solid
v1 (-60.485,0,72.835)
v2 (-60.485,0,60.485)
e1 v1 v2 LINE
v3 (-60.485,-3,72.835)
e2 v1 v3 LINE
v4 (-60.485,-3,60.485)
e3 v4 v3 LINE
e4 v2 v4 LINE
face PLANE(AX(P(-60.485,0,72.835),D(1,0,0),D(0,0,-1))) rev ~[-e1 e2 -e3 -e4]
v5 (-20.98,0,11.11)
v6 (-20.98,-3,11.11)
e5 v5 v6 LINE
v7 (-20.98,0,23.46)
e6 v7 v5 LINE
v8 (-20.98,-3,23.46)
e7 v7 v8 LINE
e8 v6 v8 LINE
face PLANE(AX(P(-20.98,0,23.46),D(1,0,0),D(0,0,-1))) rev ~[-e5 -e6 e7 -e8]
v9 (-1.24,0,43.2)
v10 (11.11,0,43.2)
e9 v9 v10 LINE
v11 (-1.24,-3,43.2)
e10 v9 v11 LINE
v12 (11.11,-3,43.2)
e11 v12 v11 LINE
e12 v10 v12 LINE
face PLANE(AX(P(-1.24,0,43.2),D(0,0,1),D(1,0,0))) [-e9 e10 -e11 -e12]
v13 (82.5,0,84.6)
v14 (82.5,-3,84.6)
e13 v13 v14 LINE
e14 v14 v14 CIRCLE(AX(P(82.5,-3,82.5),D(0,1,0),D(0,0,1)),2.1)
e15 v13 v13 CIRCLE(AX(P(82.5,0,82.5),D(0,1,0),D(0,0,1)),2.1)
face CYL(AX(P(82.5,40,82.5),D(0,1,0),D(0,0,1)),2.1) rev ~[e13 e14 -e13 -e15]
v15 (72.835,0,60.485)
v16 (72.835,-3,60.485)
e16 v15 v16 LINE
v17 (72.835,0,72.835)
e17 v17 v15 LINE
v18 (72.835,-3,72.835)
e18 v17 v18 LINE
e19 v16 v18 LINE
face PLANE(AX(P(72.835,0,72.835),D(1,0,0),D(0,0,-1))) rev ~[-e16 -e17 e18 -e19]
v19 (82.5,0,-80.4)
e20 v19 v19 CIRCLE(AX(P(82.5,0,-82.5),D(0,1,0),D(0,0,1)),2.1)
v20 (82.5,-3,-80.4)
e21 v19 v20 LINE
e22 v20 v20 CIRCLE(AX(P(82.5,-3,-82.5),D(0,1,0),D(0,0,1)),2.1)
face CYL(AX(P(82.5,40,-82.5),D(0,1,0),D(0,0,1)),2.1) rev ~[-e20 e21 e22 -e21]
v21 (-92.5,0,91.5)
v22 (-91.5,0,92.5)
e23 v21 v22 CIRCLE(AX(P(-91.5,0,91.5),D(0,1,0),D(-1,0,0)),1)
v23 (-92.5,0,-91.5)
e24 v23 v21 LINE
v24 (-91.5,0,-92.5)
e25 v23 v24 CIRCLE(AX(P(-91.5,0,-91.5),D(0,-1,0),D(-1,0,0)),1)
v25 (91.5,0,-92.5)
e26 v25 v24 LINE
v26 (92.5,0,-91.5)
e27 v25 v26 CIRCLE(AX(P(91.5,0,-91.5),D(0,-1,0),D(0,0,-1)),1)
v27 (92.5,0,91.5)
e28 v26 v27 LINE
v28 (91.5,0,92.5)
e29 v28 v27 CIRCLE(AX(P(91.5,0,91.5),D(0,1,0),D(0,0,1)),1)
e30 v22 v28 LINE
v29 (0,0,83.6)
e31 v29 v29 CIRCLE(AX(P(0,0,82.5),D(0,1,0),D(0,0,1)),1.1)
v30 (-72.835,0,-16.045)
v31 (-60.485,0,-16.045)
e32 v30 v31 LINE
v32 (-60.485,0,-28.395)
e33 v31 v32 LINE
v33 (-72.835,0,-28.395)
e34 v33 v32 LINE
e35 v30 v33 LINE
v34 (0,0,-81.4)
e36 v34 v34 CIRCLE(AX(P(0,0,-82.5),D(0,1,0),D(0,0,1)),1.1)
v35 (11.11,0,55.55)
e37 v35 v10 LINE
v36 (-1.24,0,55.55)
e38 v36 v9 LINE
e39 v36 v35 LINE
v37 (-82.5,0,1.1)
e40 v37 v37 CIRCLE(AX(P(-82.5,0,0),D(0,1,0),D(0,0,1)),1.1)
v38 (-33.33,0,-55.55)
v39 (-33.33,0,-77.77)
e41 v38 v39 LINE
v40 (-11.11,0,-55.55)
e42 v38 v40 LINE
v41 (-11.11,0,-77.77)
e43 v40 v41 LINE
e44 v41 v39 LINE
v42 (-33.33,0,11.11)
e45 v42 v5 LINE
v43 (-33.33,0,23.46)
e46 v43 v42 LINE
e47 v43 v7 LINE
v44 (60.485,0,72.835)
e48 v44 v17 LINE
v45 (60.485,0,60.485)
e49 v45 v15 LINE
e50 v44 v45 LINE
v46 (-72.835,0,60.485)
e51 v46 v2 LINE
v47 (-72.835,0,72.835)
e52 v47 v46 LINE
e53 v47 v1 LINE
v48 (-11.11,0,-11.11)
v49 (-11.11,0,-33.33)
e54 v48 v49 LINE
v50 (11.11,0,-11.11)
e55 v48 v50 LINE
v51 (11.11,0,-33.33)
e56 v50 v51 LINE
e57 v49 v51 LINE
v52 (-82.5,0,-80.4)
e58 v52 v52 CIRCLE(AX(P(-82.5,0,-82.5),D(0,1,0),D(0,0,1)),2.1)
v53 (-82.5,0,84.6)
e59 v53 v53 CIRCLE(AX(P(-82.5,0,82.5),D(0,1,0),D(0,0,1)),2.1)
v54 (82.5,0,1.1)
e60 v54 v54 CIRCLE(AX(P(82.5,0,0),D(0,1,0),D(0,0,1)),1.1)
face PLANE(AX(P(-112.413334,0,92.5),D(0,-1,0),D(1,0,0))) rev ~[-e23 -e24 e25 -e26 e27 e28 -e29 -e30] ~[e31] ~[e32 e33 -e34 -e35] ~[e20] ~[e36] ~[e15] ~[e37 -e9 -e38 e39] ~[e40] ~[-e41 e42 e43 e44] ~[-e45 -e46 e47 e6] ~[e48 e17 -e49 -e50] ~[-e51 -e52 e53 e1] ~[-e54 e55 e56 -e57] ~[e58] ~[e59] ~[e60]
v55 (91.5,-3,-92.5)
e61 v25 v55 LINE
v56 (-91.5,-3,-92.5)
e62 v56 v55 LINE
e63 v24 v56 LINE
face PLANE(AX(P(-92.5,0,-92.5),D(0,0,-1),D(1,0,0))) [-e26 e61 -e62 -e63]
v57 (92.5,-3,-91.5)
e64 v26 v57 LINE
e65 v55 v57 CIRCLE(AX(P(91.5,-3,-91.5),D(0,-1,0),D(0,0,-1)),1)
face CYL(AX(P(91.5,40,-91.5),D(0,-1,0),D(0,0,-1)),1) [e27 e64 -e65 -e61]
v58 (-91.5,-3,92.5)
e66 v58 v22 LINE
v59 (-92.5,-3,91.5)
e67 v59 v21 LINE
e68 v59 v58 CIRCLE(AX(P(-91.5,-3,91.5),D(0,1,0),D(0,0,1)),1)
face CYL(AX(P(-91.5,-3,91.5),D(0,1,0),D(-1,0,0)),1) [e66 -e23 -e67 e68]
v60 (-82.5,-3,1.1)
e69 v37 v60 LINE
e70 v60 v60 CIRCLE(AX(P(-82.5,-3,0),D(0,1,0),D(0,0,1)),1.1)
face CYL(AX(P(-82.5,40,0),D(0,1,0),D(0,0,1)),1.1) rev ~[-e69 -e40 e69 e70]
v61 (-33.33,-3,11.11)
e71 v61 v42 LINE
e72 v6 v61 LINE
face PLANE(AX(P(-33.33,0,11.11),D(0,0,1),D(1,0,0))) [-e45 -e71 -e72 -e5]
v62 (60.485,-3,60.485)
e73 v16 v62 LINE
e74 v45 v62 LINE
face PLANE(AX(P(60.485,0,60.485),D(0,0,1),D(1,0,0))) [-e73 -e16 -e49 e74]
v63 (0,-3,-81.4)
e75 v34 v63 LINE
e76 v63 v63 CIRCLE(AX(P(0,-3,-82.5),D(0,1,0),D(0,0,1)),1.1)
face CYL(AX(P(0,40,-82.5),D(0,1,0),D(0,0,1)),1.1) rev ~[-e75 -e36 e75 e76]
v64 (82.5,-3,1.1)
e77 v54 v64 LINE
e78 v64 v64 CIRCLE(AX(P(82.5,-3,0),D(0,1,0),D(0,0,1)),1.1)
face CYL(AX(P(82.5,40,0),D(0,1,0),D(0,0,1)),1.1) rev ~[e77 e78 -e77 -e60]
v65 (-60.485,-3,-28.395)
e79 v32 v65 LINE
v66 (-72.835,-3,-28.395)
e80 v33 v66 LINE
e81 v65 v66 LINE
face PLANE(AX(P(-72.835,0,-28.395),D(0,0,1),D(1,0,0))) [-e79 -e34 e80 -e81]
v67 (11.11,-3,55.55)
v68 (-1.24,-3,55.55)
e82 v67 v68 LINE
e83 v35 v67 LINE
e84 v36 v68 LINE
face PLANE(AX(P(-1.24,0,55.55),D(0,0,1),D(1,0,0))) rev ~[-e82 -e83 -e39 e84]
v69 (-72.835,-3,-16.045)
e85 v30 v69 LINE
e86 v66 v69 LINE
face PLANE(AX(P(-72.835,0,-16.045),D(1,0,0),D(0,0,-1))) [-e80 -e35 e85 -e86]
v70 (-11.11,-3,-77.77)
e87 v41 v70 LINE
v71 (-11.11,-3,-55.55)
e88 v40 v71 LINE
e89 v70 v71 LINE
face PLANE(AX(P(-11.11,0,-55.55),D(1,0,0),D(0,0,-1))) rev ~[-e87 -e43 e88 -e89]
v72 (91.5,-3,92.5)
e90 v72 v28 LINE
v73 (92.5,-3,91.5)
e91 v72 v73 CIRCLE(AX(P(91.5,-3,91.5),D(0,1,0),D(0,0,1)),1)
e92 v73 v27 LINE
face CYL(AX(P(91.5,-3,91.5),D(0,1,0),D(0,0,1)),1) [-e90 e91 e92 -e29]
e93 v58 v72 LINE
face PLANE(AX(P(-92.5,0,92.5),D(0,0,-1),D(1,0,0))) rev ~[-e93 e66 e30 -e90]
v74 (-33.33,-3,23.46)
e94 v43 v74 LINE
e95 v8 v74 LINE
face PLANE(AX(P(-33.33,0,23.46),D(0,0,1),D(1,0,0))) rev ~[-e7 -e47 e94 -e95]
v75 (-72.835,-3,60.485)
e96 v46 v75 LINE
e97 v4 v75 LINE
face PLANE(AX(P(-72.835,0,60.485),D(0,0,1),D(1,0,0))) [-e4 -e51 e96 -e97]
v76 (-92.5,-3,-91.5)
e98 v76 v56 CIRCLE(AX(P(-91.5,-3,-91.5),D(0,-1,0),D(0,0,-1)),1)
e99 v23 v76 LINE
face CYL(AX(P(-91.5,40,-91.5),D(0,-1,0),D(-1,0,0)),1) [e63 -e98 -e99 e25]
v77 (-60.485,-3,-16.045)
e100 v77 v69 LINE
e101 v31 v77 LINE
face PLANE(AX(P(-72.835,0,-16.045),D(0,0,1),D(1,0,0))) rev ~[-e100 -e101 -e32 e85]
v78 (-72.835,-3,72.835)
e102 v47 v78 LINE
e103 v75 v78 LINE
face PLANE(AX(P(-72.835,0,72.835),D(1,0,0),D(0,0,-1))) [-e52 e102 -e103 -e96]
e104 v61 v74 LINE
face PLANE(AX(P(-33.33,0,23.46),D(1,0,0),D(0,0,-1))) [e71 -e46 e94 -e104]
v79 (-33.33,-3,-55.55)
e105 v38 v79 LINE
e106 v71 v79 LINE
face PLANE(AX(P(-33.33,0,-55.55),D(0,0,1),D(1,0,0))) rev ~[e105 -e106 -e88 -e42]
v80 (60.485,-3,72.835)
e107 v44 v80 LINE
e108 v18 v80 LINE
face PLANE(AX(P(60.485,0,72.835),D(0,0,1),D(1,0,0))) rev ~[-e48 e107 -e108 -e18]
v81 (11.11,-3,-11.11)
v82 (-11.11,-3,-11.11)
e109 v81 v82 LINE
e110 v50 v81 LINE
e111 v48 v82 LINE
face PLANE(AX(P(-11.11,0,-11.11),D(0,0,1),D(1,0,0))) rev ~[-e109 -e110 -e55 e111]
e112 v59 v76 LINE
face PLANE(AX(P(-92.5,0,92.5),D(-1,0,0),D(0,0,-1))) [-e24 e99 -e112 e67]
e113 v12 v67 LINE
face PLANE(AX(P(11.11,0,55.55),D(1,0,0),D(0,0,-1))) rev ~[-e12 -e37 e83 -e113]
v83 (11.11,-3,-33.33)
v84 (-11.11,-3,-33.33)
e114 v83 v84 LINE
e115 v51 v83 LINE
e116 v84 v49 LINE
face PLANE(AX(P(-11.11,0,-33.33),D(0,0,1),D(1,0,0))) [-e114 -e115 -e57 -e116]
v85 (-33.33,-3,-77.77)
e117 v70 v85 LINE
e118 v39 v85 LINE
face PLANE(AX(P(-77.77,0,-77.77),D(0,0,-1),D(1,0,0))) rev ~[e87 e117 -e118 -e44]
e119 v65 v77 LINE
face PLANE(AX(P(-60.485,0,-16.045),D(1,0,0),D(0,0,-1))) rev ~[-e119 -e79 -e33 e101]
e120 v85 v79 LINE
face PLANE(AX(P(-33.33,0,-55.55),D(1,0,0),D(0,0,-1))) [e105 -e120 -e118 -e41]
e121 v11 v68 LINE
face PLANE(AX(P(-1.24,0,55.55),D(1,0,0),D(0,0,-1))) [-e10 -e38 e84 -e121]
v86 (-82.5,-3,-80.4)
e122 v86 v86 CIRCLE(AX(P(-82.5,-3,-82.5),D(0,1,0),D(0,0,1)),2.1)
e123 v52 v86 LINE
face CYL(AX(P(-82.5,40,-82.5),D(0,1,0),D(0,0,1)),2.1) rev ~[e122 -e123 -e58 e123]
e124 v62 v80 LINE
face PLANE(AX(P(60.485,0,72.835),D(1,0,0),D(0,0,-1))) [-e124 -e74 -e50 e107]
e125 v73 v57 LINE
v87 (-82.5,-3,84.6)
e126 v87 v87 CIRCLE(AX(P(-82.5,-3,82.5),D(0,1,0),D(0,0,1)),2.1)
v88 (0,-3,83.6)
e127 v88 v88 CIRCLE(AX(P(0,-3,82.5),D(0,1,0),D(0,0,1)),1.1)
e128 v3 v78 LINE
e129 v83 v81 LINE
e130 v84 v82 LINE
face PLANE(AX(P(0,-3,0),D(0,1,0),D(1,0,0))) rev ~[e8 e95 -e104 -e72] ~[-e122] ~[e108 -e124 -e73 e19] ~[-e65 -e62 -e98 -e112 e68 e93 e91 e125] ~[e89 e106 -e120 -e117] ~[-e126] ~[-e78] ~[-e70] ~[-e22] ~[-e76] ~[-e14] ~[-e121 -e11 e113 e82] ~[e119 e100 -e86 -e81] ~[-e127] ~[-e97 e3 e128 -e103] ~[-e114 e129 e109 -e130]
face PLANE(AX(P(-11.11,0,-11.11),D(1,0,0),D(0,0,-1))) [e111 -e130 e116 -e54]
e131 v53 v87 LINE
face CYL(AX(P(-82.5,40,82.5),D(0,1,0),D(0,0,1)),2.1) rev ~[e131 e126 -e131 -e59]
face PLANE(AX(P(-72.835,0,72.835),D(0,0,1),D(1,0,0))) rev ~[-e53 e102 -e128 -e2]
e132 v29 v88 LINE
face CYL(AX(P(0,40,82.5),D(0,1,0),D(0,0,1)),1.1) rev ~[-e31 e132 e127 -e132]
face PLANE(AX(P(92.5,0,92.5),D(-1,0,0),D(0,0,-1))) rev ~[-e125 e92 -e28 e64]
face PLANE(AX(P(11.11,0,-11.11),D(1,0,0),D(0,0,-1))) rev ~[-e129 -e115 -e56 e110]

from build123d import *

# Parameters (mm, degrees)
ESQUISSE2_W             = 185
ESQUISSE2_H             = 185
BOSS_EXTRU_1_DEPTH      = 3
ESQUISSE3_W             = 185
ESQUISSE3_H             = 185
ESQUISSE3_W_2           = 155.54
ESQUISSE3_H_2           = 155.54
BOSS_EXTRU_2_DEPTH      = 40
BOSS_EXTRU_3_DEPTH      = 20
ENL_V_MAT_EXTRU_1_REACH = 5
ESQUISSE5_W             = 22.22
ESQUISSE5_H             = 22.22
ESQUISSE5_W_2           = 12.35
ESQUISSE5_H_2           = 12.35
CONG_1_R                = 1
ESQUISSE6_R             = 1.1
ENL_V_MAT_EXTRU_2_DEPTH = 44
ESQUISSE7_R             = 2.1
ENL_V_MAT_EXTRU_3_DEPTH = 44
ESQUISSE8_W             = 226.485362767
ESQUISSE8_H             = 93.740227698
ENL_V_MAT_EXTRU_4_DEPTH = 186


with BuildPart() as part:
    # Esquisse2 → Boss.-Extru.1 (new body)
    with BuildSketch(Plane(origin=(0, 0, 0), x_dir=(1, 0, 0), z_dir=(0, 1, 0))):
        Rectangle(ESQUISSE2_W, ESQUISSE2_H)
    extrude(amount=-BOSS_EXTRU_1_DEPTH)

    # Esquisse3 → Boss.-Extru.2 (add)
    with BuildSketch(Plane(origin=(0, 0, 0), x_dir=(1, 0, 0), z_dir=(0, 1, 0))):
        Rectangle(ESQUISSE3_W, ESQUISSE3_H)
        Rectangle(ESQUISSE3_W_2, ESQUISSE3_H_2, mode=Mode.SUBTRACT)
    extrude(amount=BOSS_EXTRU_2_DEPTH)

    # Esquisse4 → Boss.-Extru.3 (add)
    with BuildSketch(Plane(origin=(0, 0, 0), x_dir=(1, 0, 0), z_dir=(0, 1, 0))):
        Polygon((-55.55, 77.77), (-33.33, 77.77), (-33.33, 55.55), (11.11, 55.55), (11.11, 33.33), (-11.11, 33.33), (-11.11, -11.11), (-33.33, -11.11), (-33.33, -55.55), (-55.55, -55.55), (-55.55, 11.11), (-33.33, 11.11), (-33.33, 33.33), (-55.55, 33.33), align=None)
        Polygon((33.33, 55.55), (55.55, 55.55), (55.55, -55.55), (33.33, -55.55), (33.33, -77.77), (11.11, -77.77), (11.11, -33.33), (33.33, -33.33), align=None)
    extrude(amount=BOSS_EXTRU_3_DEPTH)

    # Esquisse5 → Enlèv. mat.-Extru.1 (cut, up to next)
    with BuildSketch(Plane(origin=(0, 0, 0), x_dir=(1, 0, 0), z_dir=(0, 1, 0)), mode=Mode.PRIVATE) as enl_v_mat_extru_1_sk1:
        with Locations((-22.22, 66.66)):
            Rectangle(ESQUISSE5_W, ESQUISSE5_H)
    enl_v_mat_extru_1_tool1 = extrude(enl_v_mat_extru_1_sk1.sketch, amount=-ENL_V_MAT_EXTRU_1_REACH, mode=Mode.PRIVATE) & part.part
    add(enl_v_mat_extru_1_tool1.solids().sort_by_distance((-22.22, 0, -66.66))[0], mode=Mode.SUBTRACT)
    # Esquisse5 → Enlèv. mat.-Extru.1 (cut, up to next)
    with BuildSketch(Plane(origin=(0, 0, 0), x_dir=(1, 0, 0), z_dir=(0, 1, 0)), mode=Mode.PRIVATE) as enl_v_mat_extru_1_sk2:
        with Locations((0, 22.22)):
            Rectangle(ESQUISSE5_W, ESQUISSE5_H)
    enl_v_mat_extru_1_tool2 = extrude(enl_v_mat_extru_1_sk2.sketch, amount=-ENL_V_MAT_EXTRU_1_REACH, mode=Mode.PRIVATE) & part.part
    add(enl_v_mat_extru_1_tool2.solids().sort_by_distance((0, 0, -22.22))[0], mode=Mode.SUBTRACT)
    # Esquisse5 → Enlèv. mat.-Extru.1 (cut, up to next)
    with BuildSketch(Plane(origin=(0, 0, 0), x_dir=(1, 0, 0), z_dir=(0, 1, 0)), mode=Mode.PRIVATE) as enl_v_mat_extru_1_sk3:
        with Locations((-27.155, -17.285)):
            Rectangle(ESQUISSE5_W_2, ESQUISSE5_H_2)
    enl_v_mat_extru_1_tool3 = extrude(enl_v_mat_extru_1_sk3.sketch, amount=-ENL_V_MAT_EXTRU_1_REACH, mode=Mode.PRIVATE) & part.part
    add(enl_v_mat_extru_1_tool3.solids().sort_by_distance((-27.155, 0, 17.285))[0], mode=Mode.SUBTRACT)
    # Esquisse5 → Enlèv. mat.-Extru.1 (cut, up to next)
    with BuildSketch(Plane(origin=(0, 0, 0), x_dir=(1, 0, 0), z_dir=(0, 1, 0)), mode=Mode.PRIVATE) as enl_v_mat_extru_1_sk4:
        with Locations((-66.66, 22.22)):
            Rectangle(ESQUISSE5_W_2, ESQUISSE5_H_2)
    enl_v_mat_extru_1_tool4 = extrude(enl_v_mat_extru_1_sk4.sketch, amount=-ENL_V_MAT_EXTRU_1_REACH, mode=Mode.PRIVATE) & part.part
    add(enl_v_mat_extru_1_tool4.solids().sort_by_distance((-66.66, 0, -22.22))[0], mode=Mode.SUBTRACT)
    # Esquisse5 → Enlèv. mat.-Extru.1 (cut, up to next)
    with BuildSketch(Plane(origin=(0, 0, 0), x_dir=(1, 0, 0), z_dir=(0, 1, 0)), mode=Mode.PRIVATE) as enl_v_mat_extru_1_sk5:
        with Locations((-66.66, -66.66)):
            Rectangle(ESQUISSE5_W_2, ESQUISSE5_H_2)
    enl_v_mat_extru_1_tool5 = extrude(enl_v_mat_extru_1_sk5.sketch, amount=-ENL_V_MAT_EXTRU_1_REACH, mode=Mode.PRIVATE) & part.part
    add(enl_v_mat_extru_1_tool5.solids().sort_by_distance((-66.66, 0, 66.66))[0], mode=Mode.SUBTRACT)
    # Esquisse5 → Enlèv. mat.-Extru.1 (cut, up to next)
    with BuildSketch(Plane(origin=(0, 0, 0), x_dir=(1, 0, 0), z_dir=(0, 1, 0)), mode=Mode.PRIVATE) as enl_v_mat_extru_1_sk6:
        with Locations((66.66, -66.66)):
            Rectangle(ESQUISSE5_W_2, ESQUISSE5_H_2)
    enl_v_mat_extru_1_tool6 = extrude(enl_v_mat_extru_1_sk6.sketch, amount=-ENL_V_MAT_EXTRU_1_REACH, mode=Mode.PRIVATE) & part.part
    add(enl_v_mat_extru_1_tool6.solids().sort_by_distance((66.66, 0, 66.66))[0], mode=Mode.SUBTRACT)
    # Esquisse5 → Enlèv. mat.-Extru.1 (cut, up to next)
    with BuildSketch(Plane(origin=(0, 0, 0), x_dir=(1, 0, 0), z_dir=(0, 1, 0)), mode=Mode.PRIVATE) as enl_v_mat_extru_1_sk7:
        with Locations((4.935, -49.375)):
            Rectangle(ESQUISSE5_W_2, ESQUISSE5_H_2)
    enl_v_mat_extru_1_tool7 = extrude(enl_v_mat_extru_1_sk7.sketch, amount=-ENL_V_MAT_EXTRU_1_REACH, mode=Mode.PRIVATE) & part.part
    add(enl_v_mat_extru_1_tool7.solids().sort_by_distance((4.935, 0, 49.375))[0], mode=Mode.SUBTRACT)

    # Congé1
    cong_1_edges = [part.edges().sort_by_distance(p)[0] for p in [
        (-92.5, 40, 0),
        (0, 40, 92.5),
        (92.5, 40, 0),
        (0, 40, -92.5),
        (-92.5, 18.5, -92.5),
        (92.5, 18.5, -92.5),
        (92.5, 18.5, 92.5),
        (-92.5, 18.5, 92.5),
    ]]
    fillet(cong_1_edges, radius=CONG_1_R)

    # Esquisse6 → Enlèv. mat.-Extru.2 (cut, through all)
    with BuildSketch(Plane(origin=(0, 40, 0), x_dir=(1, 0, 0), z_dir=(0, 1, 0))):
        with Locations(Location((-82.5, -82.5, 0), (0, 0, 270))):  # turned: the seam where the file's is
            Circle(ESQUISSE6_R)
        with Locations(Location((82.5, -82.5, 0), (0, 0, 270))):  # turned: the seam where the file's is
            Circle(ESQUISSE6_R)
        with Locations(Location((82.5, 82.5, 0), (0, 0, 270))):  # turned: the seam where the file's is
            Circle(ESQUISSE6_R)
        with Locations(Location((-82.5, 82.5, 0), (0, 0, 270))):  # turned: the seam where the file's is
            Circle(ESQUISSE6_R)
        with Locations(Location((0, 82.5, 0), (0, 0, 270))):  # turned: the seam where the file's is
            Circle(ESQUISSE6_R)
        with Locations(Location((-82.5, 0, 0), (0, 0, 270))):  # turned: the seam where the file's is
            Circle(ESQUISSE6_R)
        with Locations(Location((82.5, 0, 0), (0, 0, 270))):  # turned: the seam where the file's is
            Circle(ESQUISSE6_R)
        with Locations(Location((0, -82.5, 0), (0, 0, 270))):  # turned: the seam where the file's is
            Circle(ESQUISSE6_R)
    extrude(amount=-ENL_V_MAT_EXTRU_2_DEPTH, mode=Mode.SUBTRACT)

    # Esquisse7 → Enlèv. mat.-Extru.3 (cut, through all)
    with BuildSketch(Plane(origin=(0, 40, 0), x_dir=(1, 0, 0), z_dir=(0, 1, 0))):
        with Locations(Location((-82.5, -82.5, 0), (0, 0, 270))):  # turned: the seam where the file's is
            Circle(ESQUISSE7_R)
        with Locations(Location((-82.5, 82.5, 0), (0, 0, 270))):  # turned: the seam where the file's is
            Circle(ESQUISSE7_R)
        with Locations(Location((82.5, 82.5, 0), (0, 0, 270))):  # turned: the seam where the file's is
            Circle(ESQUISSE7_R)
        with Locations(Location((82.5, -82.5, 0), (0, 0, 270))):  # turned: the seam where the file's is
            Circle(ESQUISSE7_R)
    extrude(amount=-ENL_V_MAT_EXTRU_3_DEPTH, mode=Mode.SUBTRACT)

    # Esquisse8 → Enlèv. mat.-Extru.4 (cut, through all)
    with BuildSketch(Plane.XY.offset(92.5)):
        with Locations((0.829347629, 46.870113849)):
            Rectangle(ESQUISSE8_W, ESQUISSE8_H)
    extrude(amount=-ENL_V_MAT_EXTRU_4_DEPTH, mode=Mode.SUBTRACT)


solid = part.part
